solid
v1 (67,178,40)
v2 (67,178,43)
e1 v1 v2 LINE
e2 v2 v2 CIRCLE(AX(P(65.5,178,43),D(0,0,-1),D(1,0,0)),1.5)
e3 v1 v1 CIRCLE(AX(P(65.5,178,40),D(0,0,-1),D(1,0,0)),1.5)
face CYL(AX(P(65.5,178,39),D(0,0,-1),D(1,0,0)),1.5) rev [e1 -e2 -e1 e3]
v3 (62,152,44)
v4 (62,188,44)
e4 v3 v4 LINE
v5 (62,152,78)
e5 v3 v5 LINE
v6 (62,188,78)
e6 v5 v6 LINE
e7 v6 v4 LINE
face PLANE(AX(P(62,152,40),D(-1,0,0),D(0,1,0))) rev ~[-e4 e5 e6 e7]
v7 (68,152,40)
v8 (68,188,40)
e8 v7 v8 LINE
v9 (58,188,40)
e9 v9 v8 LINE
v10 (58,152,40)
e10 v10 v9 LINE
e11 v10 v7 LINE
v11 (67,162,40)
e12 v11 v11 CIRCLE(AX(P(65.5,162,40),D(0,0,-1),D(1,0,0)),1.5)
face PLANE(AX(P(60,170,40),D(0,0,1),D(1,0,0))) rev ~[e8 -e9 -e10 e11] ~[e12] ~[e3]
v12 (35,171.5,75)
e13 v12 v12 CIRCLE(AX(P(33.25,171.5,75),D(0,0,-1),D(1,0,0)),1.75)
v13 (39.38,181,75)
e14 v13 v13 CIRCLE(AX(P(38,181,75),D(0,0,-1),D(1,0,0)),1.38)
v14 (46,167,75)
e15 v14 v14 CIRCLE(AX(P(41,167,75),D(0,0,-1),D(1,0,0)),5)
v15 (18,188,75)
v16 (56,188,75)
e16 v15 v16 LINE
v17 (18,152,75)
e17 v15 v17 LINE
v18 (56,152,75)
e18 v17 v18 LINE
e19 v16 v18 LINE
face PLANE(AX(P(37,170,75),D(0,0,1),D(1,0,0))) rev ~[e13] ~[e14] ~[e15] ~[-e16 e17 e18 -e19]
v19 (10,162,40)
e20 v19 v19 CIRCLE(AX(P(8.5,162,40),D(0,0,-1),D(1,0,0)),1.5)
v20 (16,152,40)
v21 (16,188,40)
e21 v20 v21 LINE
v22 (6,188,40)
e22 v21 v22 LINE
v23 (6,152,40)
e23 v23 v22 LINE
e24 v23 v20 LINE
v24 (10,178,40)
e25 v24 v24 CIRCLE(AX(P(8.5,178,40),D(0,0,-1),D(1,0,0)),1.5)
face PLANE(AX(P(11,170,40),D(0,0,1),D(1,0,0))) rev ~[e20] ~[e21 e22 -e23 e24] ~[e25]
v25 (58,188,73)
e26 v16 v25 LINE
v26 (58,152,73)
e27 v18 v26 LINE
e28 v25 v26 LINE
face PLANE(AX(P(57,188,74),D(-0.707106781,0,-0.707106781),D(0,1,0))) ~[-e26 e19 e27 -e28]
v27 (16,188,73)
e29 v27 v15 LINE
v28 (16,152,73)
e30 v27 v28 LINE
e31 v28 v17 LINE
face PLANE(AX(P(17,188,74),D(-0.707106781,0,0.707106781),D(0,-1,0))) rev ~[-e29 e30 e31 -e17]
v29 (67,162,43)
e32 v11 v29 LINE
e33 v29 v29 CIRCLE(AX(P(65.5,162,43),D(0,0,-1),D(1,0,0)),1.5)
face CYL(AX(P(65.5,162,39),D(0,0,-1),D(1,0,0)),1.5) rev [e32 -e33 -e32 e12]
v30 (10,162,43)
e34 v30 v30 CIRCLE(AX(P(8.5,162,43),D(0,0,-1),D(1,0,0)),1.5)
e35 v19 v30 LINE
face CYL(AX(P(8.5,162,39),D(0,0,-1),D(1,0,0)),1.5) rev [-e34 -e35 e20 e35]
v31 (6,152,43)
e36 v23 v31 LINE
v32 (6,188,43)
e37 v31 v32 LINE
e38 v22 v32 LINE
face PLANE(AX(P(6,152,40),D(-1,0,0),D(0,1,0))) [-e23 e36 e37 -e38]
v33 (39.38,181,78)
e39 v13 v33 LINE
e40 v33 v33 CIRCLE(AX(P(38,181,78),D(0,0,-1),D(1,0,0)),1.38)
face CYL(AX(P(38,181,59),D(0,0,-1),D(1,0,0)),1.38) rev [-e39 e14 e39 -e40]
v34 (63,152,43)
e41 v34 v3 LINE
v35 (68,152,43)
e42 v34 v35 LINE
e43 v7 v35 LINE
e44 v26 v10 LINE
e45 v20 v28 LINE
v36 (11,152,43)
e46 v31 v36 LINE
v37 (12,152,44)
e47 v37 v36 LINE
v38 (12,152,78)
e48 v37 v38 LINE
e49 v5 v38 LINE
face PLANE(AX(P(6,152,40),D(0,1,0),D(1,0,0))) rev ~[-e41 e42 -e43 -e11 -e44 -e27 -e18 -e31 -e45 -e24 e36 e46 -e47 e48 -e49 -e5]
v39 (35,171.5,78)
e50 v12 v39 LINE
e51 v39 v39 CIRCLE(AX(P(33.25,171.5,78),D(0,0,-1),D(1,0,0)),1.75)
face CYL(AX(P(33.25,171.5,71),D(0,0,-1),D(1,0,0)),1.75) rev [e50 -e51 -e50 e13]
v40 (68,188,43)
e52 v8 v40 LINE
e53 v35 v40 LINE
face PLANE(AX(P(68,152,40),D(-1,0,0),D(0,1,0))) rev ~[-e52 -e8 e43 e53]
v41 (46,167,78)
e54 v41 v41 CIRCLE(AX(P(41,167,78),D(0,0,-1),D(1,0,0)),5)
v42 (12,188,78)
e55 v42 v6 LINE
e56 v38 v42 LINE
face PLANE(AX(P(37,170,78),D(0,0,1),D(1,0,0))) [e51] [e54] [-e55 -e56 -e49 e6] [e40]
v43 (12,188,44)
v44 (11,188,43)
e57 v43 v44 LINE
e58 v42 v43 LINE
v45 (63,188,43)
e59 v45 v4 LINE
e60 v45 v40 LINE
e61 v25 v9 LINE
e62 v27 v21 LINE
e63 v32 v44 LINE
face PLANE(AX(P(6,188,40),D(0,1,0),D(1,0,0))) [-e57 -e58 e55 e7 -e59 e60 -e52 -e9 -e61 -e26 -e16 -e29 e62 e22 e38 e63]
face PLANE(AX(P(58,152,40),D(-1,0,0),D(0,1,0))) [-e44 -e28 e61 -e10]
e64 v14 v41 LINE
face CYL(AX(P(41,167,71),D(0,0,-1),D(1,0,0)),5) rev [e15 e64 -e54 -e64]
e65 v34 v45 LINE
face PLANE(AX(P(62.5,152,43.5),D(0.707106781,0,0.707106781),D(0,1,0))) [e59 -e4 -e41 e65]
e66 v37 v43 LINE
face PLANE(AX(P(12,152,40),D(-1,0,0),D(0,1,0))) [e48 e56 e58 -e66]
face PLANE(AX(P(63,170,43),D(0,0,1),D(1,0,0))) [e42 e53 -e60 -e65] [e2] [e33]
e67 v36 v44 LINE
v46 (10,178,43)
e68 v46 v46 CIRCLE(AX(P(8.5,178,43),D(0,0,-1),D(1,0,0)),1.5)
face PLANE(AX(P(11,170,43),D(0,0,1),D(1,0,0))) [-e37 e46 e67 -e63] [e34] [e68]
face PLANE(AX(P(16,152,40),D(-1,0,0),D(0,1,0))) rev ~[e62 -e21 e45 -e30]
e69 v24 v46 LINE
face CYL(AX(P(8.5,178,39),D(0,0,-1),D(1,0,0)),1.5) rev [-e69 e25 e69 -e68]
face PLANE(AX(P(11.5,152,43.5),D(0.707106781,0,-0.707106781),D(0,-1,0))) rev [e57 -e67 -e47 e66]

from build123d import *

# Parameters (mm, degrees)
CYLINDER056_R             = 1.38
CYLINDER056_DEPTH         = 40
CYLINDER067_R             = 1.75
CYLINDER067_DEPTH         = 10
CYLINDER066_R             = 5
CYLINDER066_DEPTH         = 10
CYLINDER050_R             = 8.5
CYLINDER050_DEPTH         = 2
BOX028_W                  = 0.5
BOX028_H                  = 1
BOX028_DEPTH              = 5
ARRAY003_COUNT            = 12
BOX029_W                  = 0.5
BOX029_H                  = 1
BOX029_DEPTH              = 5
CYLINDER052_R             = 4.5
CYLINDER052_DEPTH         = 8
CYLINDER054_R             = 1.5
CYLINDER054_DEPTH         = 4
BOX030_W                  = 1
BOX030_H                  = 10
BOX030_DEPTH              = 30
CYLINDER053_R             = 3
CYLINDER053_DEPTH         = 30
CYLINDER051_R             = 13
CYLINDER051_DEPTH         = 10
FUSION008_ROLL_ANGLE      = 180
FUSION008_PLACEMENT_ANGLE = 150
CYLINDER060_R             = 1.5
CYLINDER060_DEPTH         = 5
CYLINDER059_R             = 1.5
CYLINDER059_DEPTH         = 5
CYLINDER058_R             = 1.5
CYLINDER058_DEPTH         = 5
CYLINDER057_R             = 1.5
CYLINDER057_DEPTH         = 5
BOX034_W                  = 4
BOX034_H                  = 36
BOX034_DEPTH              = 38
BOX035_W                  = 4
BOX035_H                  = 36
BOX035_DEPTH              = 38
BOX036_W                  = 10
BOX036_H                  = 36
BOX036_DEPTH              = 3
BOX032_W                  = 10
BOX032_H                  = 36
BOX032_DEPTH              = 3
BOX033_W                  = 50
BOX033_H                  = 36
BOX033_DEPTH              = 3
CHAMFER002_SIZE           = 2
CHAMFER003_SIZE           = 1


with BuildPart() as cylinder056:
    # Cylinder056 → Cylinder056 (new body)
    with BuildSketch(Plane(origin=(38, 57, 59), x_dir=(1, 0, 0), z_dir=(0, 0, 1))):
        Circle(CYLINDER056_R)
    extrude(amount=CYLINDER056_DEPTH)


with BuildPart() as cylinder067:
    # Cylinder067 → Cylinder067 (new body)
    with BuildSketch(Plane(origin=(33.25, 47.5, 71), x_dir=(1, 0, 0), z_dir=(0, 0, 1))):
        Circle(CYLINDER067_R)
    extrude(amount=CYLINDER067_DEPTH)


with BuildPart() as cylinder066:
    # Cylinder066 → Cylinder066 (new body)
    with BuildSketch(Plane(origin=(41, 43, 71), x_dir=(1, 0, 0), z_dir=(0, 0, 1))):
        Circle(CYLINDER066_R)
    extrude(amount=CYLINDER066_DEPTH)


with BuildPart() as cylinder050:
    # Cylinder050 → Cylinder050 (new body)
    with BuildSketch(Plane.XY.offset(10)):
        Circle(CYLINDER050_R)
    extrude(amount=CYLINDER050_DEPTH)


with BuildPart() as pin_array003:
    # Box028 → Box028 (new body)
    with BuildSketch(Plane(origin=(11, -0.5, -5), x_dir=(1, 0, 0), z_dir=(0, 0, 1))):
        with Locations((0.25, 0.5)):
            Rectangle(BOX028_W, BOX028_H)
    extrude(amount=BOX028_DEPTH)

    # Array003: Pin array003 ×12 about axis
    array003_axis = Axis((0, 0, 0), (0, 0, 1))


with BuildPart() as pin_array003_1:
    add(pin_array003.part)
    for i in range(1, ARRAY003_COUNT):
        add(pin_array003.part.rotate(array003_axis, i * 360 / ARRAY003_COUNT))


with BuildPart() as pin_central003:
    # Box029 → Box029 (new body)
    with BuildSketch(Plane(origin=(3, -0.5, -5), x_dir=(1, 0, 0), z_dir=(0, 0, 1))):
        with Locations((0.25, 0.5)):
            Rectangle(BOX029_W, BOX029_H)
    extrude(amount=BOX029_DEPTH)


with BuildPart() as cylinder052:
    # Cylinder052 → Cylinder052 (new body)
    with BuildSketch(Plane.XY.offset(12)):
        Circle(CYLINDER052_R)
    extrude(amount=CYLINDER052_DEPTH)


with BuildPart() as cylinder054:
    # Cylinder054 → Cylinder054 (new body)
    with BuildSketch(Plane(origin=(9, 0, 10), x_dir=(1, 0, 0), z_dir=(0, 0, 1))):
        Circle(CYLINDER054_R)
    extrude(amount=CYLINDER054_DEPTH)


with BuildPart() as recorte003:
    # Box030 → Box030 (new body)
    with BuildSketch(Plane(origin=(2, -5, 20), x_dir=(1, 0, 0), z_dir=(0, 0, 1))):
        with Locations((0.5, 5)):
            Rectangle(BOX030_W, BOX030_H)
    extrude(amount=BOX030_DEPTH)


with BuildPart() as cuerpo_4_recortado003:
    # Cylinder053 → Cylinder053 (new body)
    with BuildSketch(Plane.XY.offset(20)):
        Circle(CYLINDER053_R)
    extrude(amount=CYLINDER053_DEPTH)

    # Cut038: cut Recorte003
    add(recorte003.part, mode=Mode.SUBTRACT)


with BuildPart() as selector_taladro001:
    # Cylinder051 → Cylinder051 (new body)
    with BuildSketch(Plane.XY):
        Circle(CYLINDER051_R)
    extrude(amount=CYLINDER051_DEPTH)

    # Fusion008: union Cylinder050, Pin array003, Pin central003, Cylinder052, Cylinder054, Cuerpo 4 recortado003
    add(cylinder050.part)
    add(pin_array003_1.part)
    add(pin_central003.part)
    add(cylinder052.part)
    add(cylinder054.part)
    add(cuerpo_4_recortado003.part)


with BuildPart() as selector_taladro001_1:
    # Fusion008 roll: moved
    add(selector_taladro001.part.rotate(Axis((0, 0, 0), (1, 0, 0)), FUSION008_ROLL_ANGLE))


with BuildPart() as selector_taladro001_2:
    # Fusion008 placement: moved
    add(selector_taladro001_1.part.moved(Location((40.992958, 43.010908, 90))).rotate(Axis((40.992958, 43.010908, 90), (0, 0, 1)), FUSION008_PLACEMENT_ANGLE))


with BuildPart() as cylinder060:
    # Cylinder060 → Cylinder060 (new body)
    with BuildSketch(Plane(origin=(65.5, 54, 39), x_dir=(1, 0, 0), z_dir=(0, 0, 1))):
        Circle(CYLINDER060_R)
    extrude(amount=CYLINDER060_DEPTH)


with BuildPart() as cylinder059:
    # Cylinder059 → Cylinder059 (new body)
    with BuildSketch(Plane(origin=(65.5, 38, 39), x_dir=(1, 0, 0), z_dir=(0, 0, 1))):
        Circle(CYLINDER059_R)
    extrude(amount=CYLINDER059_DEPTH)


with BuildPart() as cylinder058:
    # Cylinder058 → Cylinder058 (new body)
    with BuildSketch(Plane(origin=(8.5, 54, 39), x_dir=(1, 0, 0), z_dir=(0, 0, 1))):
        Circle(CYLINDER058_R)
    extrude(amount=CYLINDER058_DEPTH)


with BuildPart() as cylinder057:
    # Cylinder057 → Cylinder057 (new body)
    with BuildSketch(Plane(origin=(8.5, 38, 39), x_dir=(1, 0, 0), z_dir=(0, 0, 1))):
        Circle(CYLINDER057_R)
    extrude(amount=CYLINDER057_DEPTH)


with BuildPart() as box034:
    # Box034 → Box034 (new body)
    with BuildSketch(Plane(origin=(12, 28, 40), x_dir=(1, 0, 0), z_dir=(0, 0, 1))):
        with Locations((2, 18)):
            Rectangle(BOX034_W, BOX034_H)
    extrude(amount=BOX034_DEPTH)


with BuildPart() as box035:
    # Box035 → Box035 (new body)
    with BuildSketch(Plane(origin=(58, 28, 40), x_dir=(1, 0, 0), z_dir=(0, 0, 1))):
        with Locations((2, 18)):
            Rectangle(BOX035_W, BOX035_H)
    extrude(amount=BOX035_DEPTH)


with BuildPart() as box036:
    # Box036 → Box036 (new body)
    with BuildSketch(Plane(origin=(6, 28, 40), x_dir=(1, 0, 0), z_dir=(0, 0, 1))):
        with Locations((5, 18)):
            Rectangle(BOX036_W, BOX036_H)
    extrude(amount=BOX036_DEPTH)


with BuildPart() as box032:
    # Box032 → Box032 (new body)
    with BuildSketch(Plane(origin=(58, 28, 40), x_dir=(1, 0, 0), z_dir=(0, 0, 1))):
        with Locations((5, 18)):
            Rectangle(BOX032_W, BOX032_H)
    extrude(amount=BOX032_DEPTH)


with BuildPart() as cut032:
    # Box033 → Box033 (new body)
    with BuildSketch(Plane(origin=(12, 28, 75), x_dir=(1, 0, 0), z_dir=(0, 0, 1))):
        with Locations((25, 18)):
            Rectangle(BOX033_W, BOX033_H)
    extrude(amount=BOX033_DEPTH)

    # Fusion007: union Box034, Box035, Box036, Box032
    add(box034.part)
    add(box035.part)
    add(box036.part)
    add(box032.part)

    # Chamfer002
    chamfer002_edges = [cut032.edges().sort_by_distance(p)[0] for p in [
        (58, 46, 75),
        (16, 46, 75),
    ]]
    chamfer(chamfer002_edges, length=CHAMFER002_SIZE)

    # Chamfer003
    chamfer003_edges = [cut032.edges().sort_by_distance(p)[0] for p in [
        (62, 46, 43),
        (12, 46, 43),
    ]]
    chamfer(chamfer003_edges, length=CHAMFER003_SIZE)

    # Cut030: cut Cylinder057
    add(cylinder057.part, mode=Mode.SUBTRACT)

    # Cut031: cut Cylinder058
    add(cylinder058.part, mode=Mode.SUBTRACT)

    # Cut029: cut Cylinder059
    add(cylinder059.part, mode=Mode.SUBTRACT)

    # Cut039: cut Cylinder060
    add(cylinder060.part, mode=Mode.SUBTRACT)

    # Cut041: cut Selector taladro001
    add(selector_taladro001_2.part, mode=Mode.SUBTRACT)

    # Cut043: cut Cylinder066
    add(cylinder066.part, mode=Mode.SUBTRACT)

    # Cut042: cut Cylinder067
    add(cylinder067.part, mode=Mode.SUBTRACT)

    # Cut032: cut Cylinder056
    add(cylinder056.part, mode=Mode.SUBTRACT)


with BuildPart() as cut032_1:
    # Cut032 placement: moved
    add(cut032.part.moved(Location((0, 124, 0))))


solid = cut032_1.part
